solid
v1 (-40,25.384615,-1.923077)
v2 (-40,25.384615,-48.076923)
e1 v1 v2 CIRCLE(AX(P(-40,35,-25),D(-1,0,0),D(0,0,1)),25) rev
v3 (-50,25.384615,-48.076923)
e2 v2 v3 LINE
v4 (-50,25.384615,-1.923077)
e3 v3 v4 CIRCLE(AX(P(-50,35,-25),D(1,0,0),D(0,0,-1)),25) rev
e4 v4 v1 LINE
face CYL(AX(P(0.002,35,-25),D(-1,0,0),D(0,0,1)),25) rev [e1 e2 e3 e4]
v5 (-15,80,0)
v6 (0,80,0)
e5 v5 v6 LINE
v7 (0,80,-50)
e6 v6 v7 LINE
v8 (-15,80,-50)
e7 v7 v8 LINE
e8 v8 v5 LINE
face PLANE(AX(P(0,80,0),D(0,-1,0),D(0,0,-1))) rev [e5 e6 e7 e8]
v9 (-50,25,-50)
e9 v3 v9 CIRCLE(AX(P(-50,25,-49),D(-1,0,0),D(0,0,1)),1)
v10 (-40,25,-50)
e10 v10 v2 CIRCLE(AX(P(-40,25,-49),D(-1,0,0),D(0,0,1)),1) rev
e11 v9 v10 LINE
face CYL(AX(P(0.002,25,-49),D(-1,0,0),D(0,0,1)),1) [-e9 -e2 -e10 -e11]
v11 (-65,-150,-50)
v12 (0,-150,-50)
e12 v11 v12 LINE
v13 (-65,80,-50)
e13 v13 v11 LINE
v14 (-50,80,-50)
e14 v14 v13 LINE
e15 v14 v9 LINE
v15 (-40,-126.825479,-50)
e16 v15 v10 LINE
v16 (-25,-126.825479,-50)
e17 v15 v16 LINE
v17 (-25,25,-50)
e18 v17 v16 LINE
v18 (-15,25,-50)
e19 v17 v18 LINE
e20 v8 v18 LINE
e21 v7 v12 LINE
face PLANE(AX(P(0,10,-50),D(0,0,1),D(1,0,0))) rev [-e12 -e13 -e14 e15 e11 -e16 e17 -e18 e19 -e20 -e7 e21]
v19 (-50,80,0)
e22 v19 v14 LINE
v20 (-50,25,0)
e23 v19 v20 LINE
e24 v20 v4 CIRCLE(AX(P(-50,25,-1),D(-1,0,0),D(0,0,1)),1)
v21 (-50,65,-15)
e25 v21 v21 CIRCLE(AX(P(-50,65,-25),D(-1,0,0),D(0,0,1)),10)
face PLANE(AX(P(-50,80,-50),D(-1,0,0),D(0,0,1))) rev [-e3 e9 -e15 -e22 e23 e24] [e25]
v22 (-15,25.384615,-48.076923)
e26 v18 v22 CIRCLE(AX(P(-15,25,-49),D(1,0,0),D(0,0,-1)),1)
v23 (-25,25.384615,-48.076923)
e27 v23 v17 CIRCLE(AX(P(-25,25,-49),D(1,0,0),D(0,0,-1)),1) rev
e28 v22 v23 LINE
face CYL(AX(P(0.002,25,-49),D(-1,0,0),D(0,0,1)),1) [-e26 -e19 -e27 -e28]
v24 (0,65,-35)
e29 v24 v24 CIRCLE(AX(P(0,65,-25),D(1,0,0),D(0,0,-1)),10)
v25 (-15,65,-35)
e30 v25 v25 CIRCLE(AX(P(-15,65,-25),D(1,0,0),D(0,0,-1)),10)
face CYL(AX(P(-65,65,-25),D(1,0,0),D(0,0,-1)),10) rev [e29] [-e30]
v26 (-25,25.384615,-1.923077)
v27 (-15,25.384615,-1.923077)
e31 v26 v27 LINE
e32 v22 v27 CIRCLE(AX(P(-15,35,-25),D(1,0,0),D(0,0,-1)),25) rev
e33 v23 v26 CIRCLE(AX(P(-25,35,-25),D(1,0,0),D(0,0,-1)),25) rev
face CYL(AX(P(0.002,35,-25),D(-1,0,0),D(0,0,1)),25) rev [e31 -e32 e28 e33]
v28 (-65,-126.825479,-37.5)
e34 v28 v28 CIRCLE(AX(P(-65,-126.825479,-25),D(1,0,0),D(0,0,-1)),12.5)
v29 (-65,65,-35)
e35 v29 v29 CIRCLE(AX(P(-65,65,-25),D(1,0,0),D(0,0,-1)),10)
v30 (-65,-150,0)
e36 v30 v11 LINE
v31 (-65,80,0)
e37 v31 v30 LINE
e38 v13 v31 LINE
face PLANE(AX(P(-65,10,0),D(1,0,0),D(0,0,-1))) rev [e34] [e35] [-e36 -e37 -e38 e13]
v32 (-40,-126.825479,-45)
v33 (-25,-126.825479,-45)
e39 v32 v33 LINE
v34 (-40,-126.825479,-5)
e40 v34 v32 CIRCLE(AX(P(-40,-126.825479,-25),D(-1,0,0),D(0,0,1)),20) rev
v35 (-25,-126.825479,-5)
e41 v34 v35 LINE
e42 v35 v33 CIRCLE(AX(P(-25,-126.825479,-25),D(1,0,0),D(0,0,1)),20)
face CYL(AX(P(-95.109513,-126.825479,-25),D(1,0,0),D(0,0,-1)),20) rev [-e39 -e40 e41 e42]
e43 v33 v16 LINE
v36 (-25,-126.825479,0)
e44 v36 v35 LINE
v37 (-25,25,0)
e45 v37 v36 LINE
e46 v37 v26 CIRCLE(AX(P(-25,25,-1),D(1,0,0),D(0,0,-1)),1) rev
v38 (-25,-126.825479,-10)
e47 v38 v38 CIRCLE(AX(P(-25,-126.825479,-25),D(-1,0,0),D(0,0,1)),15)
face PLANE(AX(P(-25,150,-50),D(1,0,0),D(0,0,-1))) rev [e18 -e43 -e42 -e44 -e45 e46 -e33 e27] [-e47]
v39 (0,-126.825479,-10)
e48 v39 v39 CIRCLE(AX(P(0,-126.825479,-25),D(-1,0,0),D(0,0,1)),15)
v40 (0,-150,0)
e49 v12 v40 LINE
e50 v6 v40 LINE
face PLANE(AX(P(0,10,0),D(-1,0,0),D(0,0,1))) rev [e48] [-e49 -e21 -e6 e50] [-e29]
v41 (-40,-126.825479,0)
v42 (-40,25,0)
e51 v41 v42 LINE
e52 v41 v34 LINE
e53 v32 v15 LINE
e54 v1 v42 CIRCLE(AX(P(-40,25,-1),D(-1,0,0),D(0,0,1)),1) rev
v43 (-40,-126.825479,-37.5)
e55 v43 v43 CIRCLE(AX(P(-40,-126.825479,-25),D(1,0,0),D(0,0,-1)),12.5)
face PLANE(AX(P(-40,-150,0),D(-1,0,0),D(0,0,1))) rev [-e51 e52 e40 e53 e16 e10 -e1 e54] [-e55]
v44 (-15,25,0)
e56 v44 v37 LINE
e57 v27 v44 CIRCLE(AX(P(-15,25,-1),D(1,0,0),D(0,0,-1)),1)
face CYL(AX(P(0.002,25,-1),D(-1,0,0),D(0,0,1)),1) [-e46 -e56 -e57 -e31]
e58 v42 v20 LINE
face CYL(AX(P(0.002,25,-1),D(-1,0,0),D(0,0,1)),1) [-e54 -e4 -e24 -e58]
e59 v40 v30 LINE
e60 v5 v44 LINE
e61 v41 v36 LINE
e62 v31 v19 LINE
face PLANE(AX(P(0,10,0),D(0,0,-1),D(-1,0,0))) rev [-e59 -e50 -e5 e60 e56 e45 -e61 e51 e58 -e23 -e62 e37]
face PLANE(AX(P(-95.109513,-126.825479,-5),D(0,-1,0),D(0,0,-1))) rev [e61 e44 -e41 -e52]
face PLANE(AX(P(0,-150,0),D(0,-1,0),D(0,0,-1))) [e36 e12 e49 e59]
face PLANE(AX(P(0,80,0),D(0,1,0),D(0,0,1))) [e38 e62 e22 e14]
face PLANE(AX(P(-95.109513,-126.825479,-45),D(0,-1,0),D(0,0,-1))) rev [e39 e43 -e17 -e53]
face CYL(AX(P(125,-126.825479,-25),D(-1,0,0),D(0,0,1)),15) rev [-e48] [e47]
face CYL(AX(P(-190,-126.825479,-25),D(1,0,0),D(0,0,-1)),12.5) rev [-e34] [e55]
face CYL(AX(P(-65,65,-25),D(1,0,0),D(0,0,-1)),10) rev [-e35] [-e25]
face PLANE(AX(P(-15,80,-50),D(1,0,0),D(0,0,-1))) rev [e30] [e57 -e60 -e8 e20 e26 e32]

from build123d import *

# Parameters (mm, degrees)
SKETCH1_W               = 65
SKETCH1_H               = 50
BOSS_EXTRUDE1_DEPTH     = 10
SKETCH2_W               = 15
SKETCH2_H               = 50
BOSS_EXTRUDE2_DEPTH     = 70
CUT_EXTRUDE1_DEPTH      = 107.77078252
CUT_EXTRUDE1_DEPTH_BACK = 107.77078252
SKETCH3_R               = 10
BOSS_EXTRUDE7_REACH     = 108.771
FILLET1_R               = 1
SKETCH6_W               = 25
SKETCH6_H               = 50
BOSS_EXTRUDE8_DEPTH     = 150
SKETCH7_R               = 12.5
CUT_EXTRUDE2_DEPTH      = 150
SKETCH8_W               = 15
SKETCH8_H               = 50
CUT_EXTRUDE3_DEPTH      = 150
SKETCH11_W              = 25
SKETCH11_H              = 50
BOSS_EXTRUDE9_DEPTH     = 150
SKETCH12_R              = 15
CUT_EXTRUDE4_DEPTH      = 150
BOSS_EXTRUDE10_DEPTH    = 15


with BuildPart() as part:
    # Sketch1 → Boss-Extrude1 (new body)
    with BuildSketch(Plane(origin=(0, 0, 0), x_dir=(1, 0, 0), z_dir=(0, 1, 0))):
        with Locations((-32.5, 25)):
            Rectangle(SKETCH1_W, SKETCH1_H)
    extrude(amount=BOSS_EXTRUDE1_DEPTH)

    # Sketch2 → Boss-Extrude2 (add)
    with BuildSketch(Plane(origin=(0, 10, 0), x_dir=(1, 0, 0), z_dir=(0, 1, 0))):
        with Locations((-57.5, 25)):
            Rectangle(SKETCH2_W, SKETCH2_H)
        with Locations((-7.5, 25)):
            Rectangle(SKETCH2_W, SKETCH2_H)
    extrude(amount=BOSS_EXTRUDE2_DEPTH)

    # Sketch3 → Cut-Extrude1 (cut, two sides: drawn at the far end of the back side and taken through both)
    with BuildSketch(Plane(origin=(-50, 0, 0), x_dir=(0, 0, -1), z_dir=(1, 0, 0)).offset(-CUT_EXTRUDE1_DEPTH_BACK)):
        with Locations((25, 65)):
            Circle(SKETCH3_R)
    extrude(amount=CUT_EXTRUDE1_DEPTH + CUT_EXTRUDE1_DEPTH_BACK, mode=Mode.SUBTRACT)

    # Sketch5 → Boss-Extrude7 (add, up to next)
    with BuildSketch(Plane(origin=(-50, 0, 0), x_dir=(0, 0, -1), z_dir=(1, 0, 0)), mode=Mode.PRIVATE) as boss_extrude7_sk1:
        with BuildLine():
            Line((50, 10), (50, 35))
            ThreePointArc((50, 35), (42.67766953, 17.32233047), (25, 10))
            Line((25, 10), (50, 10))
        make_face()
    boss_extrude7_tool1 = extrude(boss_extrude7_sk1.sketch, amount=BOSS_EXTRUDE7_REACH, mode=Mode.PRIVATE) - part.part
    # Sketch5 → Boss-Extrude7 (add, up to next)
    with BuildSketch(Plane(origin=(-50, 0, 0), x_dir=(0, 0, -1), z_dir=(1, 0, 0)), mode=Mode.PRIVATE) as boss_extrude7_sk2:
        with BuildLine():
            ThreePointArc((25, 10), (7.32233047, 17.32233047), (0, 35))
            Line((0, 35), (0, 10))
            Line((0, 10), (25, 10))
        make_face()
    boss_extrude7_tool2 = extrude(boss_extrude7_sk2.sketch, amount=BOSS_EXTRUDE7_REACH, mode=Mode.PRIVATE) - part.part
    add(boss_extrude7_tool1.solids().sort_by_distance((-50, 15.584198, -44.415802))[0])
    add(boss_extrude7_tool2.solids().sort_by_distance((-50, 15.584198, -5.584198))[0])

    # Fillet1
    fillet1_edges = [part.edges().sort_by_distance(p)[0] for p in [
        (-32.5, 35, -50),
        (-32.5, 35, 0),
    ]]
    fillet(fillet1_edges, radius=FILLET1_R)

    # Sketch6 → Boss-Extrude8 (add)
    with BuildSketch(Plane.XZ):
        with Locations((-52.5, -25)):
            Rectangle(SKETCH6_W, SKETCH6_H)
    extrude(amount=BOSS_EXTRUDE8_DEPTH)

    # Sketch7 → Cut-Extrude2 (cut)
    with BuildSketch(Plane(origin=(-40, 0, 0), x_dir=(0, 0, -1), z_dir=(1, 0, 0))):
        with Locations((25, -126.825479142)):
            Circle(SKETCH7_R)
    extrude(amount=-CUT_EXTRUDE2_DEPTH, mode=Mode.SUBTRACT)

    # Sketch8 → Cut-Extrude3 (cut)
    with BuildSketch(Plane.XZ):
        with Locations((-32.5, -25)):
            Rectangle(SKETCH8_W, SKETCH8_H)
    extrude(amount=-CUT_EXTRUDE3_DEPTH, mode=Mode.SUBTRACT)


with BuildPart() as cut_extrude3_piece_1:
    # of the separate pieces the step leaves, piece 1, a body of its own (cut_extrude3_pieces)
    add(part.part.solids().sort_by_distance((-50, 25, 0))[0])



with BuildPart() as cut_extrude3_piece_2:
    # of the separate pieces the step leaves, piece 2, a body of its own (cut_extrude3_pieces)
    add(part.part.solids().sort_by_distance((-25, 25, 0))[0])

    # Sketch11 → Boss-Extrude9 (add)
    with BuildSketch(Plane.XZ):
        with Locations((-12.5, -25)):
            Rectangle(SKETCH11_W, SKETCH11_H)
    extrude(amount=BOSS_EXTRUDE9_DEPTH)

    # Sketch12 → Cut-Extrude4 (cut)
    with BuildSketch(Plane.ZY.offset(25)):
        with Locations((-25, -126.825479142)):
            Circle(SKETCH12_R)
    extrude(amount=-CUT_EXTRUDE4_DEPTH, mode=Mode.SUBTRACT)


with BuildPart() as cut_extrude3_piece_1_1:
    add(cut_extrude3_piece_1.part)

    add(cut_extrude3_piece_2.part)  # Boss-Extrude10 merges Cut-Extrude3 piece 2
    # Sketch14 → Boss-Extrude10 (add)
    with BuildSketch(Plane.ZY.offset(25)):
        with BuildLine():
            Line((-5, -126.825479142), (0, -126.825479142))
            Line((0, -126.825479142), (0, -150))
            Line((0, -150), (-50, -150))
            Line((-50, -150), (-50, -126.825479142))
            Line((-50, -126.825479142), (-45, -126.825479142))
            ThreePointArc((-45, -126.825479142), (-25, -146.825479142), (-5, -126.825479142))
        make_face()
    extrude(amount=BOSS_EXTRUDE10_DEPTH)


solid = cut_extrude3_piece_1_1.part
